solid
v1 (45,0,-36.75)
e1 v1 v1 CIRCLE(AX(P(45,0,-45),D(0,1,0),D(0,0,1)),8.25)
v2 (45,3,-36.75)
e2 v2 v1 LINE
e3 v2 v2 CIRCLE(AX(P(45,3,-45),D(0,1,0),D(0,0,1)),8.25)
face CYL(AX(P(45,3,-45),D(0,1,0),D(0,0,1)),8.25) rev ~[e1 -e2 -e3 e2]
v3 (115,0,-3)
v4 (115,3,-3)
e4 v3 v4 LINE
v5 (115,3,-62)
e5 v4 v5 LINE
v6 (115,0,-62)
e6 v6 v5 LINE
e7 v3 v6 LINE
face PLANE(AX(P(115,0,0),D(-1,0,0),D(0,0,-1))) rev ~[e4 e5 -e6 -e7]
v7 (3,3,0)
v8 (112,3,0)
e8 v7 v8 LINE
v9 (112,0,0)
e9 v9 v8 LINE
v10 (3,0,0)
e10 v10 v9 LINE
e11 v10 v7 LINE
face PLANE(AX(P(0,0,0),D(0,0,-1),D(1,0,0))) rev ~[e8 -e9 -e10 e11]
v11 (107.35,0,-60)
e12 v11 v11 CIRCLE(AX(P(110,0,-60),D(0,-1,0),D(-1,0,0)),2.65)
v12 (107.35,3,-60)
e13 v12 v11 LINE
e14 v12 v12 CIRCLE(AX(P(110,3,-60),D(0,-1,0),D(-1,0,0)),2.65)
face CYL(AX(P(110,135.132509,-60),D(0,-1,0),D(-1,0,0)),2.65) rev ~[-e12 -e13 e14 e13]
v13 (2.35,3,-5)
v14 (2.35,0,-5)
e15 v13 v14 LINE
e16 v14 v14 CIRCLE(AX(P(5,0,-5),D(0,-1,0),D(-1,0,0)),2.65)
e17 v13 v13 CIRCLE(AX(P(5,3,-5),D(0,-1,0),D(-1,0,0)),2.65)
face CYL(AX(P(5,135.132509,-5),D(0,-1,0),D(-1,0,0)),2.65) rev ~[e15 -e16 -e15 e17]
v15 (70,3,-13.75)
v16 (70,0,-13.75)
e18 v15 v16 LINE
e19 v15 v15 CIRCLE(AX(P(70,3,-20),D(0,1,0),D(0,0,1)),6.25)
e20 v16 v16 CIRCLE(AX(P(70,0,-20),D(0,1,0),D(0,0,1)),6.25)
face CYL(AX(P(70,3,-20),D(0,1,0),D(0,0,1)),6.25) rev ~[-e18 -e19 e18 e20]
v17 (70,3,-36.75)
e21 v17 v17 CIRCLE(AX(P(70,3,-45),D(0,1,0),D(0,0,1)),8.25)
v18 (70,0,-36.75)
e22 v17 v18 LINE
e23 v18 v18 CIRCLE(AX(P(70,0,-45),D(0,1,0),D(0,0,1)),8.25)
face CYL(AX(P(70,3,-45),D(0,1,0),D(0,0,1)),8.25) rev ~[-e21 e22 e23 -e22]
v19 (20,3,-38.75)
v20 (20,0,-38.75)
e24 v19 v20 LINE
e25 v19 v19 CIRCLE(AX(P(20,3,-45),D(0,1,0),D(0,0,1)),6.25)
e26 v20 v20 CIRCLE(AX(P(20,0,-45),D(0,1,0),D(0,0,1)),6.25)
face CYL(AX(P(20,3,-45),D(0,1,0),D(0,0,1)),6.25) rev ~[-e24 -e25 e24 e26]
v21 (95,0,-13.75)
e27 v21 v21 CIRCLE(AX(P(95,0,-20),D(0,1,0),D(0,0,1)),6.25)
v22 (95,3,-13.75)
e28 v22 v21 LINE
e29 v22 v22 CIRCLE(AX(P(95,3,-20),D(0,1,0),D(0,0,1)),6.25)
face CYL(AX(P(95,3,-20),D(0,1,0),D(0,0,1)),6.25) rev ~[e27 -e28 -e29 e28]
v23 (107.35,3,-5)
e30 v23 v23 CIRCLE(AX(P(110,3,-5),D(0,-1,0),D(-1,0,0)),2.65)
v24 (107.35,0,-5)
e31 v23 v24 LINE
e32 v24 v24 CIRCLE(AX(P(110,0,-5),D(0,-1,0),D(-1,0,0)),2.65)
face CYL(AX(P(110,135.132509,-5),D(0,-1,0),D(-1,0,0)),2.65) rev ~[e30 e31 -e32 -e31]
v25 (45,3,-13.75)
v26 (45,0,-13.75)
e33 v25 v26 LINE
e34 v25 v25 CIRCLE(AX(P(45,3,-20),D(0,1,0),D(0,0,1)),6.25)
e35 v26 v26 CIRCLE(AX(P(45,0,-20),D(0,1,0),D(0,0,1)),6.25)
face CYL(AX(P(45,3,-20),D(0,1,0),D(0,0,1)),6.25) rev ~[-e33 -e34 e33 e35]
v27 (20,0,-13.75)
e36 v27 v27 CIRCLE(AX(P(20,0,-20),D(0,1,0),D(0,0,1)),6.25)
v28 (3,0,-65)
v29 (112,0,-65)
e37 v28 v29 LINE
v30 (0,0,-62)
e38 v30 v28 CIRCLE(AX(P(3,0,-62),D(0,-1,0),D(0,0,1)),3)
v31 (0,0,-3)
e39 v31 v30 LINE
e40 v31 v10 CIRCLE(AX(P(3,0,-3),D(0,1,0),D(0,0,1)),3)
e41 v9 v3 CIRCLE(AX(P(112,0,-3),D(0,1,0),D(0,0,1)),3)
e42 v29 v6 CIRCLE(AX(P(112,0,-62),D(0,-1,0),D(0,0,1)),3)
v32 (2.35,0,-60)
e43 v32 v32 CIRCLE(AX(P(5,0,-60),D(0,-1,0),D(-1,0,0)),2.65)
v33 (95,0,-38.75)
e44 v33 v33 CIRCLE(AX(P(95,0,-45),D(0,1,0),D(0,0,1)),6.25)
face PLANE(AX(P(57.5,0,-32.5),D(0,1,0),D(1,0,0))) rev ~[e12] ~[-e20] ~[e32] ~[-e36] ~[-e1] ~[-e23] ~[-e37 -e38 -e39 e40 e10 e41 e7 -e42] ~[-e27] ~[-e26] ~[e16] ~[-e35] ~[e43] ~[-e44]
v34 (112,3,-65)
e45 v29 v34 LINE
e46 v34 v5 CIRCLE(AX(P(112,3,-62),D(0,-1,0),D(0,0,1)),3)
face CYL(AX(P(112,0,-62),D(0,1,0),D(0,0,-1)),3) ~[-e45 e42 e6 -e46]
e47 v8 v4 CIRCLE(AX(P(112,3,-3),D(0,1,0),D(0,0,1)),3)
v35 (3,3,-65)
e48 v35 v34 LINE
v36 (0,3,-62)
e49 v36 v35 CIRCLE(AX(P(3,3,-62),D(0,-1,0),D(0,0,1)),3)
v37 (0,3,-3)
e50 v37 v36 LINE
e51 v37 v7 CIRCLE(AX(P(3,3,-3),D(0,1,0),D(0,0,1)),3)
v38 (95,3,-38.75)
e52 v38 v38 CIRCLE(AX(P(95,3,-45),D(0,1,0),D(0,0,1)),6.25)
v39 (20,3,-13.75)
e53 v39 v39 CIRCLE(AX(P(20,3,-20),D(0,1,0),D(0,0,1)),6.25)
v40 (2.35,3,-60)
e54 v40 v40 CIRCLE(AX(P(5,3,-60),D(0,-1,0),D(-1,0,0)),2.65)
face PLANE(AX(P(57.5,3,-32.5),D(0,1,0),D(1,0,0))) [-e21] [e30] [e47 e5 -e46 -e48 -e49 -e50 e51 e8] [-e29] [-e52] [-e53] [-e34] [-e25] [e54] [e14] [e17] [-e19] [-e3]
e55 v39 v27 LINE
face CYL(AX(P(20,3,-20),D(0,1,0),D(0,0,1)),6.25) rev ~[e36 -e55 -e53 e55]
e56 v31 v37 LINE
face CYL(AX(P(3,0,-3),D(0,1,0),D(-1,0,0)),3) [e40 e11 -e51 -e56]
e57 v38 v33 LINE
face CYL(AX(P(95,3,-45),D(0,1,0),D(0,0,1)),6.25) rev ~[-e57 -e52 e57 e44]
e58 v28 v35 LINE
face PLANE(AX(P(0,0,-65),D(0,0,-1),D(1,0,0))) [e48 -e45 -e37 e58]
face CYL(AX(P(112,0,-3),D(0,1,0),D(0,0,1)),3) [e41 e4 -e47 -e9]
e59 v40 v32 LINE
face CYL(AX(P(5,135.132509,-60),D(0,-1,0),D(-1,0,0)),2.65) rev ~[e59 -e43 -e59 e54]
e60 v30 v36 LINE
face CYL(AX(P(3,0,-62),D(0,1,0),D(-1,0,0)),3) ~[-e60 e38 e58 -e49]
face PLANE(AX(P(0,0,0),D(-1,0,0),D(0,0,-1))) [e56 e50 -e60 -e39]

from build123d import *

# Parameters (mm, degrees)
SKETCH1_W            = 115
SKETCH1_H            = 65
BOSS_EXTRUDE1_DEPTH  = 3
SKETCH2_R            = 6.25
CUT_EXTRUDE1_DEPTH   = 3
LPATTERN1_COUNT      = 4
LPATTERN1_PITCH      = 25
LPATTERN1_COUNT_DIR2 = 2
LPATTERN1_PITCH_DIR2 = 25
SKETCH3_R            = 8.25
CUT_EXTRUDE2_DEPTH   = 3
M5_CLEARANCE_HOLE1_D = 5.3
FILLET1_R            = 3


with BuildPart() as part:
    # Sketch1 → Boss-Extrude1 (new body)
    with BuildSketch(Plane(origin=(0, 0, 0), x_dir=(1, 0, 0), z_dir=(0, 1, 0))):
        with Locations((57.5, 32.5)):
            Rectangle(SKETCH1_W, SKETCH1_H)
    extrude(amount=BOSS_EXTRUDE1_DEPTH)

    # Sketch2 → Cut-Extrude1 (cut)
    with BuildSketch(Plane(origin=(0, 3, 0), x_dir=(1, 0, 0), z_dir=(0, 1, 0))):
        with Locations(Location((20, 20, 0), (0, 0, 270))):
            Circle(SKETCH2_R)
    cut_extrude1 = extrude(amount=-CUT_EXTRUDE1_DEPTH, mode=Mode.SUBTRACT)

    # LPattern1: Cut-Extrude1 4 × 2, 2 skipped
    with Locations(*[(i * LPATTERN1_PITCH, 0, -j * LPATTERN1_PITCH_DIR2) for i in range(LPATTERN1_COUNT) for j in range(LPATTERN1_COUNT_DIR2) if (i, j) not in ((0, 0), (1, 1), (2, 1))]):
        add(cut_extrude1, mode=Mode.SUBTRACT)

    # Sketch3 → Cut-Extrude2 (cut)
    with BuildSketch(Plane(origin=(0, 3, 0), x_dir=(1, 0, 0), z_dir=(0, 1, 0))):
        with Locations(Location((45, 45, 0), (0, 0, 270))):
            Circle(SKETCH3_R)
        with Locations(Location((70, 45, 0), (0, 0, 270))):
            Circle(SKETCH3_R)
    extrude(amount=-CUT_EXTRUDE2_DEPTH, mode=Mode.SUBTRACT)

    # M5 Clearance Hole1 (through all)
    with Locations(Plane(origin=(0, 3, 0), x_dir=(1, 0, 0), z_dir=(0, 1, 0))):
        with Locations((5, 60), (5, 5), (110, 5), (110, 60)):
            Hole(M5_CLEARANCE_HOLE1_D / 2)

    # Fillet1
    fillet1_edges = [part.edges().sort_by_distance(p)[0] for p in [
        (0, 1.5, -65),
        (115, 1.5, -65),
        (115, 1.5, 0),
        (0, 1.5, 0),
    ]]
    fillet(fillet1_edges, radius=FILLET1_R)


solid = part.part
